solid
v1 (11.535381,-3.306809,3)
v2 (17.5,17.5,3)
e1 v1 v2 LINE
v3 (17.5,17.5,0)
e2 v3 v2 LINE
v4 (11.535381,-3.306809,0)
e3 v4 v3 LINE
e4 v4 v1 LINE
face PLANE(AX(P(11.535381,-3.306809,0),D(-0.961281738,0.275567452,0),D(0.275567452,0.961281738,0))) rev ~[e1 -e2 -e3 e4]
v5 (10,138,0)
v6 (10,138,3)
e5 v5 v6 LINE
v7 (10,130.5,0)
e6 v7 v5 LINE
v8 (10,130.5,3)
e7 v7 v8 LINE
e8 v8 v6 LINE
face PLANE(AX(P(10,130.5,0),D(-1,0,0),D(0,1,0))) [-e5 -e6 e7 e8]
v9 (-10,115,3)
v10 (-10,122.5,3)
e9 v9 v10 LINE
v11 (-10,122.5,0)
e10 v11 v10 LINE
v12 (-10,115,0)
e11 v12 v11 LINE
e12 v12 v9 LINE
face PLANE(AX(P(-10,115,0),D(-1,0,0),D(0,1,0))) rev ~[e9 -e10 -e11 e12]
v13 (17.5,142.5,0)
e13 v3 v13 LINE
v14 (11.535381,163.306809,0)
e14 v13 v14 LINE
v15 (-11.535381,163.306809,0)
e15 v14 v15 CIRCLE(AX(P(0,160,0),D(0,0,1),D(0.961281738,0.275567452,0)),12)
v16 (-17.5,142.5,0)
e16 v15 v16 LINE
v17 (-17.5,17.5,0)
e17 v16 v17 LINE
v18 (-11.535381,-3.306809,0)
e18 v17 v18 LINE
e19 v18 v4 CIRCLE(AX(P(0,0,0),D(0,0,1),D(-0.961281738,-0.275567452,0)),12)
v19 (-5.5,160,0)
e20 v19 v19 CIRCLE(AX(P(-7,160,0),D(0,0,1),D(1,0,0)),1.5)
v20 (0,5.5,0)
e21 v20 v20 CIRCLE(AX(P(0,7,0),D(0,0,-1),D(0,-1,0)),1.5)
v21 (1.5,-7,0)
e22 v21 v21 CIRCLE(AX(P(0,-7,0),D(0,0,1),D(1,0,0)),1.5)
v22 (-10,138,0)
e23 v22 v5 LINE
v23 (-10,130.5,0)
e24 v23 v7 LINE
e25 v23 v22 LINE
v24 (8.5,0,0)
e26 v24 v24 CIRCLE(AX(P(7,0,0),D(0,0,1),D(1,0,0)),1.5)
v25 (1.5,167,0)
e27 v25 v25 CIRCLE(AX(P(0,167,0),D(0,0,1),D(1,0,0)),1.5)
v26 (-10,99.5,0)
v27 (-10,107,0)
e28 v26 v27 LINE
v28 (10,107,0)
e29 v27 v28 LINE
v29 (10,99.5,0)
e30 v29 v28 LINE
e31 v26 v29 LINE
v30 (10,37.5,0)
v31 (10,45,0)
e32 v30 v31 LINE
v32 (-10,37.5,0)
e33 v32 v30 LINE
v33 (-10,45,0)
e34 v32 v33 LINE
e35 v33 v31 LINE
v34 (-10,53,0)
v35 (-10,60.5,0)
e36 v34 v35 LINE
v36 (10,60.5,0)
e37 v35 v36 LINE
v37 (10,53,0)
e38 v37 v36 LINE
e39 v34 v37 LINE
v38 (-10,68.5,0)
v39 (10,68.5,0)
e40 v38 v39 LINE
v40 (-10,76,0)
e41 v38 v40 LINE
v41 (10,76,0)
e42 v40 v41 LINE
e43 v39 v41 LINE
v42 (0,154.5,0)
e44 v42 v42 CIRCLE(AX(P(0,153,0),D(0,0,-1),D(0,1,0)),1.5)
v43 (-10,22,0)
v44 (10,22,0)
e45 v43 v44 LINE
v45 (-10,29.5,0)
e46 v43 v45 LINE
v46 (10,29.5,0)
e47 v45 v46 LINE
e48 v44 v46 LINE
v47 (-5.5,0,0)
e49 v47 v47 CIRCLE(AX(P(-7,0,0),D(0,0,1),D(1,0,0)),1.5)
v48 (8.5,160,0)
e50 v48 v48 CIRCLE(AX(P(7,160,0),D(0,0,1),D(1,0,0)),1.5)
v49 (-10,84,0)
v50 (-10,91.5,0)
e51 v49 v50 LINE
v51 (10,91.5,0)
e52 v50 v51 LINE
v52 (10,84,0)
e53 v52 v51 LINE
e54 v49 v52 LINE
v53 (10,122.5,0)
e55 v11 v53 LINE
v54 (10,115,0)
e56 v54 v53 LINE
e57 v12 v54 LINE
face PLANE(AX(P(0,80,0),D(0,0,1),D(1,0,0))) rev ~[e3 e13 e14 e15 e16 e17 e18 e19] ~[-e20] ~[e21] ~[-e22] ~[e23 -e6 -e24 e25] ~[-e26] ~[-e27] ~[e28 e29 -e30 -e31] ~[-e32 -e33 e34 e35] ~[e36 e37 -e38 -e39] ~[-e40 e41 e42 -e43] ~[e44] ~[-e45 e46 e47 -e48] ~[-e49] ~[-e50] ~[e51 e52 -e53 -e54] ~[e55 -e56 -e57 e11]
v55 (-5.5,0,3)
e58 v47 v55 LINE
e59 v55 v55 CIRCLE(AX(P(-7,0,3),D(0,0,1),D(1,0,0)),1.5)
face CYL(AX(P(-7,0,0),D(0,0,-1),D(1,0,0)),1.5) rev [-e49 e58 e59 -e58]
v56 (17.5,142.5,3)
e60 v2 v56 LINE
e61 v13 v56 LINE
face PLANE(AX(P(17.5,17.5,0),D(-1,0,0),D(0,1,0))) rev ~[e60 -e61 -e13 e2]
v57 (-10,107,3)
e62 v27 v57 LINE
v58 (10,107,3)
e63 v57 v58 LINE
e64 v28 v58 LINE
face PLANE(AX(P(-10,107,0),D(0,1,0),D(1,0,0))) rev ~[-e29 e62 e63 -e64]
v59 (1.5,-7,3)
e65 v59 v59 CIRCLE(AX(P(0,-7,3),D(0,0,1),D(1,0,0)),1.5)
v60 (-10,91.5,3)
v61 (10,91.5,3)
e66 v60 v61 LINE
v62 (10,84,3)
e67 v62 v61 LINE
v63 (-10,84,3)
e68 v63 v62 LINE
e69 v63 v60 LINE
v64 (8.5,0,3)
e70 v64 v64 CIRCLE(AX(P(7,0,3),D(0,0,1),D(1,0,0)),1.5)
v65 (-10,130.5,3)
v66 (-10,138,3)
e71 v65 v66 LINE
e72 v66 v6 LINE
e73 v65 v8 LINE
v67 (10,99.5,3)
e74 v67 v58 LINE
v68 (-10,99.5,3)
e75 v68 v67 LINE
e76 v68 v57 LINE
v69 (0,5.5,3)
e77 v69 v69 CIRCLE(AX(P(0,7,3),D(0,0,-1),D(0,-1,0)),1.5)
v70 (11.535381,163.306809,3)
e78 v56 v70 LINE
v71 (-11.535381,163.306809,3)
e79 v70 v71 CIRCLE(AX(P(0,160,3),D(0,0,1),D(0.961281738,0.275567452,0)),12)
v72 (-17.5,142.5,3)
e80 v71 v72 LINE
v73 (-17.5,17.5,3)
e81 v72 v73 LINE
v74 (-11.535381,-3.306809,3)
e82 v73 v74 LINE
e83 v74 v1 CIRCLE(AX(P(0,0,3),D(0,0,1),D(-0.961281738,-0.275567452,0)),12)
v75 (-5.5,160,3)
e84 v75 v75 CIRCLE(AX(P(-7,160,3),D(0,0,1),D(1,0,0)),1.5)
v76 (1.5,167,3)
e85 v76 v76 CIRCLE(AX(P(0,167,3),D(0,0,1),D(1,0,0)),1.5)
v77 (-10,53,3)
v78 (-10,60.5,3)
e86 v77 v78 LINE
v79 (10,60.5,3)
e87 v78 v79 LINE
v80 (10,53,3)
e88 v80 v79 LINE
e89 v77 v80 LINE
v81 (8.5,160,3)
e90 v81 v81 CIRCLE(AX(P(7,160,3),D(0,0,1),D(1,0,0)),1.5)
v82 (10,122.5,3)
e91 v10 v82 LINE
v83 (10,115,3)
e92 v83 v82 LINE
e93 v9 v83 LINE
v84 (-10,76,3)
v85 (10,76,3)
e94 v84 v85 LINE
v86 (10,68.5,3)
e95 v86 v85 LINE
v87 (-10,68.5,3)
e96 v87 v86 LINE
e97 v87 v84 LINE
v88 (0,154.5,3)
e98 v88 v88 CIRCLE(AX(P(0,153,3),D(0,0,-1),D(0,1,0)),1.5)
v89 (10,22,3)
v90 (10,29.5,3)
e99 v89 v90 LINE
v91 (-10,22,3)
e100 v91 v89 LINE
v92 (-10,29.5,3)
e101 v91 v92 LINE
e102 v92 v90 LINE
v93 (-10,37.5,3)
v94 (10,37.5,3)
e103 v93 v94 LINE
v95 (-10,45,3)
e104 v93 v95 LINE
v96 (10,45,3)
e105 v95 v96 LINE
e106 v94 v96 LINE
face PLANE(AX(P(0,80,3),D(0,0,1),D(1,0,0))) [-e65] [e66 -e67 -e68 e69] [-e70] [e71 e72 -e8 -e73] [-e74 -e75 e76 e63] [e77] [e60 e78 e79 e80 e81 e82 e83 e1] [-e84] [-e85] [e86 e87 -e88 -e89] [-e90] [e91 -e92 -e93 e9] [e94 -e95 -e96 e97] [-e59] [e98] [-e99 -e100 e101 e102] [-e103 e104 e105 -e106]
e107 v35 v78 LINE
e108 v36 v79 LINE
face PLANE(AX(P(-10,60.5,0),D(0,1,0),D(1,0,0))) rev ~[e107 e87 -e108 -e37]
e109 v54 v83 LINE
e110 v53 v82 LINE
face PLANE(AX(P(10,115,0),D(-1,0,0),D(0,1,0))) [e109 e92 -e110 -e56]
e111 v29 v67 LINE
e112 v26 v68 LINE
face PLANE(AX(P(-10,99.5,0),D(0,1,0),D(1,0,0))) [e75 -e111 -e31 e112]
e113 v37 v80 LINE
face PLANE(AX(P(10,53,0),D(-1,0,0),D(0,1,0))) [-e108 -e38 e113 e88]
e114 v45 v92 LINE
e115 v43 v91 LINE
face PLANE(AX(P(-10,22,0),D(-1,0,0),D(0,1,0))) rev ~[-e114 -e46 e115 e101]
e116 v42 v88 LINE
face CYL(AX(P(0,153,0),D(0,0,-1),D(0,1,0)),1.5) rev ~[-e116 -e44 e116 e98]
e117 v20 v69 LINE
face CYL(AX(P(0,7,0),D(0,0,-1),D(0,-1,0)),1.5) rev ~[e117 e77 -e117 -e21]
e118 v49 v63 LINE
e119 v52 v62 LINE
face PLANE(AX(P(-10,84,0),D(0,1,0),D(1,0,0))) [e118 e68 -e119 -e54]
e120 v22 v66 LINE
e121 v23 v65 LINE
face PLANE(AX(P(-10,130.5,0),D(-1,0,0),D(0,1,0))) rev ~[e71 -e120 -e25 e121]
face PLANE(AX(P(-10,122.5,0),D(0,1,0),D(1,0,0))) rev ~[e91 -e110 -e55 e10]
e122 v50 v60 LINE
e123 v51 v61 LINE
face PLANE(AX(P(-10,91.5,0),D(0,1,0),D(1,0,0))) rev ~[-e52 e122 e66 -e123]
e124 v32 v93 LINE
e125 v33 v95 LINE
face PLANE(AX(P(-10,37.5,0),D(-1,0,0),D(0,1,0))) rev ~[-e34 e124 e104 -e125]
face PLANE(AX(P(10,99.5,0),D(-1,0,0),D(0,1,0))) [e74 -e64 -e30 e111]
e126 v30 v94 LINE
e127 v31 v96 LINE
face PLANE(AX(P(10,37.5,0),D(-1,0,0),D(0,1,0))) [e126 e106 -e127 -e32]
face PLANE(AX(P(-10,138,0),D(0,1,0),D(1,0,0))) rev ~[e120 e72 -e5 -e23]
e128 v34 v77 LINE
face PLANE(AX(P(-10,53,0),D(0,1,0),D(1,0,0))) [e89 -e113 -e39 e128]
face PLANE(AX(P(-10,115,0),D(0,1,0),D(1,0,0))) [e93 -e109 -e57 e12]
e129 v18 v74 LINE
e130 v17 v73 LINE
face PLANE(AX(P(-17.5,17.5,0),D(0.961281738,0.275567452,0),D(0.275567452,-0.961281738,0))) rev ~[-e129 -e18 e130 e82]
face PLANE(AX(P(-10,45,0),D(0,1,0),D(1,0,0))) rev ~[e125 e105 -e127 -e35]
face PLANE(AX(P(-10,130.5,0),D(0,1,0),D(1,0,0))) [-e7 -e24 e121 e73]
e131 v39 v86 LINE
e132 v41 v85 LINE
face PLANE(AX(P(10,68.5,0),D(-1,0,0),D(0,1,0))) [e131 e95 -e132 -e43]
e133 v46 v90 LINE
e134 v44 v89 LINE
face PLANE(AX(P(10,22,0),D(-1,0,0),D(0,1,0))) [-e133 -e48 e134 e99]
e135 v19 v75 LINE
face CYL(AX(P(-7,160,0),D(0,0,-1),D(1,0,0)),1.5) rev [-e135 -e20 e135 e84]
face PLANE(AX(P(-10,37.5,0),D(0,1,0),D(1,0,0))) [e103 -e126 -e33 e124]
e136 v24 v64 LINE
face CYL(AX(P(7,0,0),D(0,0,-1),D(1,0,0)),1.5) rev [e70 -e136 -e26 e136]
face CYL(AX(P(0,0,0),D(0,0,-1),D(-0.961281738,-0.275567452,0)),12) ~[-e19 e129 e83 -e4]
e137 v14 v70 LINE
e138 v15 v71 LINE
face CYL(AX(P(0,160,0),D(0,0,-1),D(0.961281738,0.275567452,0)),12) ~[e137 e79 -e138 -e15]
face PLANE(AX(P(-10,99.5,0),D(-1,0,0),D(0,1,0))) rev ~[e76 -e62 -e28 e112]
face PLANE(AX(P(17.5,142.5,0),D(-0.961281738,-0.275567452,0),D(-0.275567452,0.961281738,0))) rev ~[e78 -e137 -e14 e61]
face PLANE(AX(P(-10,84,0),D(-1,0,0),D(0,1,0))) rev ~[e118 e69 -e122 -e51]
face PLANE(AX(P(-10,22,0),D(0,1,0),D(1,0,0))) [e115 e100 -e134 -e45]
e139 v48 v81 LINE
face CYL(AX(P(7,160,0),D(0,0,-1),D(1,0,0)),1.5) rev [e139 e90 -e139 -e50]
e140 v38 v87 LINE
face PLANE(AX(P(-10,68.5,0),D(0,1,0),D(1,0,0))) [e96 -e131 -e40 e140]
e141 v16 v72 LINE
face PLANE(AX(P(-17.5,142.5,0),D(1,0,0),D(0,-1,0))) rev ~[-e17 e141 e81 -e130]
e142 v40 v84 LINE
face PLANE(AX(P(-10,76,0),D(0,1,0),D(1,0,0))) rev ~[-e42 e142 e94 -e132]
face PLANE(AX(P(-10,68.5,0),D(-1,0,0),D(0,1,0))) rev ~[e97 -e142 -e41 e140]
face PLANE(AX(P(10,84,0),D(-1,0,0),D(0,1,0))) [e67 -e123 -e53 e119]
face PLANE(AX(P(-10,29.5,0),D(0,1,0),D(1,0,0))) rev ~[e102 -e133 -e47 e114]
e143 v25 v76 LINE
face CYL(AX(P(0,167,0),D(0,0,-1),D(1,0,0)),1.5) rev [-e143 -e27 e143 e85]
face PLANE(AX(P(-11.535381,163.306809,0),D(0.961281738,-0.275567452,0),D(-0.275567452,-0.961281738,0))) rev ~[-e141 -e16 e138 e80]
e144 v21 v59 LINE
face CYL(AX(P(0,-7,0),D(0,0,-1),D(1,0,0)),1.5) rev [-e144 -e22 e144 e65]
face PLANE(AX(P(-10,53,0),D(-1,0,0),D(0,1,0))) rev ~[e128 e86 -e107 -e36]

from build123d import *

# Parameters (mm, degrees)
SKETCH1_R           = 1.5
SKETCH1_W           = 20
SKETCH1_H           = 7.5
BOSS_EXTRUDE4_DEPTH = 3


with BuildPart() as part:
    # Sketch1 → Boss-Extrude4 (new body)
    with BuildSketch(Plane.XY):
        with BuildLine():
            Line((-17.5, 142.5), (-17.5, 17.5))
            Line((-17.5, 17.5), (-11.535380853, -3.306809425))
            ThreePointArc((-11.535380853, -3.306809425), (0, -12), (11.535380853, -3.306809425))
            Line((11.535380853, -3.306809425), (17.5, 17.5))
            Line((17.5, 17.5), (17.5, 142.5))
            Line((17.5, 142.5), (11.535380853, 163.306809425))
            ThreePointArc((11.535380853, 163.306809425), (0, 172), (-11.535380853, 163.306809425))
            Line((-11.535380853, 163.306809425), (-17.5, 142.5))
        make_face()
        with Locations((-7, 0)):
            Circle(SKETCH1_R, mode=Mode.SUBTRACT)
        with Locations((0, 25.75)):
            Rectangle(SKETCH1_W, SKETCH1_H, mode=Mode.SUBTRACT)
        with Locations((0, -7)):
            Circle(SKETCH1_R, mode=Mode.SUBTRACT)
        with BuildLine():
            ThreePointArc((0, 8.5), (1.5, 7), (0, 5.5))
            ThreePointArc((0, 5.5), (-1.5, 7), (0, 8.5))
        make_face(mode=Mode.SUBTRACT)
        with Locations((7, 0)):
            Circle(SKETCH1_R, mode=Mode.SUBTRACT)
        with Locations((0, 41.25)):
            Rectangle(SKETCH1_W, SKETCH1_H, mode=Mode.SUBTRACT)
        with Locations((0, 56.75)):
            Rectangle(SKETCH1_W, SKETCH1_H, mode=Mode.SUBTRACT)
        with Locations((0, 72.25)):
            Rectangle(SKETCH1_W, SKETCH1_H, mode=Mode.SUBTRACT)
        with Locations((0, 87.75)):
            Rectangle(SKETCH1_W, SKETCH1_H, mode=Mode.SUBTRACT)
        with Locations((0, 103.25)):
            Rectangle(SKETCH1_W, SKETCH1_H, mode=Mode.SUBTRACT)
        with Locations((0, 118.75)):
            Rectangle(SKETCH1_W, SKETCH1_H, mode=Mode.SUBTRACT)
        with Locations((0, 134.25)):
            Rectangle(SKETCH1_W, SKETCH1_H, mode=Mode.SUBTRACT)
        with Locations((0, 167)):
            Circle(SKETCH1_R, mode=Mode.SUBTRACT)
        with BuildLine():
            ThreePointArc((0, 151.5), (-1.5, 153), (0, 154.5))
            ThreePointArc((0, 154.5), (1.5, 153), (0, 151.5))
        make_face(mode=Mode.SUBTRACT)
        with Locations((-7, 160)):
            Circle(SKETCH1_R, mode=Mode.SUBTRACT)
        with Locations((7, 160)):
            Circle(SKETCH1_R, mode=Mode.SUBTRACT)
    extrude(amount=BOSS_EXTRUDE4_DEPTH)


solid = part.part
